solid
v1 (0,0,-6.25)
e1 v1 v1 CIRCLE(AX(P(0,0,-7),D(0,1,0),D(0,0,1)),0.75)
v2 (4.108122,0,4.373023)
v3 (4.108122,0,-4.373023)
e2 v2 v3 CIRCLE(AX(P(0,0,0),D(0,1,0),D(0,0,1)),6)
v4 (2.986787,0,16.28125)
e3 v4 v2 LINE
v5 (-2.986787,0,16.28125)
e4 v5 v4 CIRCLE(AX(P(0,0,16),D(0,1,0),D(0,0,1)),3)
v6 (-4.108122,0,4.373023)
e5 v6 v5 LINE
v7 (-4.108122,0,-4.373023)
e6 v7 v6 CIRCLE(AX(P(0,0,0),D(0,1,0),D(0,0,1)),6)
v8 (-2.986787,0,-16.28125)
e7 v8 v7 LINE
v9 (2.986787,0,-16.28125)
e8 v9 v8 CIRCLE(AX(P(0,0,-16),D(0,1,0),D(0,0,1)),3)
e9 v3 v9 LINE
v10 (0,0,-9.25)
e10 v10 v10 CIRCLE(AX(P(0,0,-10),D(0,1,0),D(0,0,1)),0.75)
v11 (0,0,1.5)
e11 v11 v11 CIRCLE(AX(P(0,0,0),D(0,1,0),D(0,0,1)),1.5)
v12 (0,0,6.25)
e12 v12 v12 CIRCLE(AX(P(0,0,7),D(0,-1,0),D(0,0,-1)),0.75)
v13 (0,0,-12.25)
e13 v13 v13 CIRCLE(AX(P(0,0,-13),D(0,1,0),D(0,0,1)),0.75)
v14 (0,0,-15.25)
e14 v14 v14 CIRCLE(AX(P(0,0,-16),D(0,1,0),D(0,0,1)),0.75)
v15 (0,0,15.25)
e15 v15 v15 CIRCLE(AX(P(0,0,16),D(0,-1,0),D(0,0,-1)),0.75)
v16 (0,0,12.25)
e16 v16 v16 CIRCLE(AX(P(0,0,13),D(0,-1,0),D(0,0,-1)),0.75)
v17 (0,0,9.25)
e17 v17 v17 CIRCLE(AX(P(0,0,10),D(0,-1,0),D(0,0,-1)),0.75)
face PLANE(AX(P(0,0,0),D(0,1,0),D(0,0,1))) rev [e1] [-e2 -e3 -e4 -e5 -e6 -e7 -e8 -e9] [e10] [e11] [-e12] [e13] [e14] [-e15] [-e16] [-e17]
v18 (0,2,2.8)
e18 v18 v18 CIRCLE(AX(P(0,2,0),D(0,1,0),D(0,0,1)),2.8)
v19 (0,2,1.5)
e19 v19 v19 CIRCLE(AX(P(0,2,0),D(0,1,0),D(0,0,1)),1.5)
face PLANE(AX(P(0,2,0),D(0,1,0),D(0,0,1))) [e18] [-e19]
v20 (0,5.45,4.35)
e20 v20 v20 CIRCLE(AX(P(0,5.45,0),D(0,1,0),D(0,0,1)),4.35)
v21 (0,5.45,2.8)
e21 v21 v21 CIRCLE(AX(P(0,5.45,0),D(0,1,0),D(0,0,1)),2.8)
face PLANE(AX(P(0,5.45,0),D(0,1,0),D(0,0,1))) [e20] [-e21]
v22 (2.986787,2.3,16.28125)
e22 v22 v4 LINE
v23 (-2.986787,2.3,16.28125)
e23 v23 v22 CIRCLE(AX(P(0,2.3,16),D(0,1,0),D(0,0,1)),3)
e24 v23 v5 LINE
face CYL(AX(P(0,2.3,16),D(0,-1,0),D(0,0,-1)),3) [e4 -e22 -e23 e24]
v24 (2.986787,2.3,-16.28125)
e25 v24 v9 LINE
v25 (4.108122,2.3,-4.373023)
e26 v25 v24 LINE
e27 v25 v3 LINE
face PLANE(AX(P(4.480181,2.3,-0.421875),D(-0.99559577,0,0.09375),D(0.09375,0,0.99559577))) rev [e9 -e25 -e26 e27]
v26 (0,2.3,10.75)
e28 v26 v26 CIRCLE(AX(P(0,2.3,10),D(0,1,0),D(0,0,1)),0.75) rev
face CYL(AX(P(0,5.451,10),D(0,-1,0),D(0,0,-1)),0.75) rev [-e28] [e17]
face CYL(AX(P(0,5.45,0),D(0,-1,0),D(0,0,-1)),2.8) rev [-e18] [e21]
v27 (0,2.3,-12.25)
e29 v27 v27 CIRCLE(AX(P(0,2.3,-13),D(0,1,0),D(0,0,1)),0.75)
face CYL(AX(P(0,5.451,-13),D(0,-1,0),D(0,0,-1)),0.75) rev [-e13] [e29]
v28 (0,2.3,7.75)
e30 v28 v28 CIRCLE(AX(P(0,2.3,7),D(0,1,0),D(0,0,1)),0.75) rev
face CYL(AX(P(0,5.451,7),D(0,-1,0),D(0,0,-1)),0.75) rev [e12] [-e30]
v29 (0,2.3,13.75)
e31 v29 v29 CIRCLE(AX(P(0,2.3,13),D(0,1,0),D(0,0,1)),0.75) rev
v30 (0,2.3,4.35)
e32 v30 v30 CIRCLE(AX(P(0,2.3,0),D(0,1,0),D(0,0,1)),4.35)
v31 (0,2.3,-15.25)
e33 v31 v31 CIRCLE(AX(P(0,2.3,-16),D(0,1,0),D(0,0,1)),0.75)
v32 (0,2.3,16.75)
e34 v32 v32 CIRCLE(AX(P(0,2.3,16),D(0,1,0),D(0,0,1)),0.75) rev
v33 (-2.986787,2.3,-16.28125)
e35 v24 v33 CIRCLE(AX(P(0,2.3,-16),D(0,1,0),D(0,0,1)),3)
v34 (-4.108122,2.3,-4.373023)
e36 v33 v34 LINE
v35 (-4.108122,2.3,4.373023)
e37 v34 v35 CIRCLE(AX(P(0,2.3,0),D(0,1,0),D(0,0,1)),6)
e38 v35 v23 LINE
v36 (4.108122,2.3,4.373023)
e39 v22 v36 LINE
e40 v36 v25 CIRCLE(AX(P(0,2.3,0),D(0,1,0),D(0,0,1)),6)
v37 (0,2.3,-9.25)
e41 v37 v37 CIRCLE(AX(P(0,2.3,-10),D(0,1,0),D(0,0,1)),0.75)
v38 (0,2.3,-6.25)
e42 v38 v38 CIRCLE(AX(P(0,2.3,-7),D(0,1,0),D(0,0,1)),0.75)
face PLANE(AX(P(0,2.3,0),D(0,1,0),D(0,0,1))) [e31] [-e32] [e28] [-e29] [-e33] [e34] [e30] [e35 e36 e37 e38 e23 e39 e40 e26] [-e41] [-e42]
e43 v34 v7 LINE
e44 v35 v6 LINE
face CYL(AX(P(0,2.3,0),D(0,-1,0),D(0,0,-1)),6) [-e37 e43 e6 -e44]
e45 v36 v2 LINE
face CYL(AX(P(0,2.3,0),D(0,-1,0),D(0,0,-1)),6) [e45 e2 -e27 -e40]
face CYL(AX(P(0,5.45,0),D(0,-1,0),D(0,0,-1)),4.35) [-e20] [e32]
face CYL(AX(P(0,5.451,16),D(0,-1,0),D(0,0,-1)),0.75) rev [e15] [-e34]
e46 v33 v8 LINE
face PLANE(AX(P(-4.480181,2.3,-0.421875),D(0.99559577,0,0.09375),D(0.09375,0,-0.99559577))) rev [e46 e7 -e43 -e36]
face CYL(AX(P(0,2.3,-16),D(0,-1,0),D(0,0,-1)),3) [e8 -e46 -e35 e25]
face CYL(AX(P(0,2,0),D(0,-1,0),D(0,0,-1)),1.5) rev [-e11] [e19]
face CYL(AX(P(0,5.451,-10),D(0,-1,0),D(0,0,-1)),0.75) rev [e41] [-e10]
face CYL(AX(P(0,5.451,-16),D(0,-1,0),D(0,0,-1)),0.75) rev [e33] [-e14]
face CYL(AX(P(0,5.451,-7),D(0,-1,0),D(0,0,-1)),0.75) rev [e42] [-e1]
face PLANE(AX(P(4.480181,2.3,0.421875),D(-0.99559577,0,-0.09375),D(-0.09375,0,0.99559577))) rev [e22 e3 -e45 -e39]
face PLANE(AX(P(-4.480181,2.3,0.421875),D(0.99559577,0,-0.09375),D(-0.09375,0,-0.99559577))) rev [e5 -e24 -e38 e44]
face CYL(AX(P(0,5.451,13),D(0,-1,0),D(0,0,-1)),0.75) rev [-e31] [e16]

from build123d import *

# Parameters (mm, degrees)
SKETCH1_R               = 4.35
SKETCH1_R_2             = 2.8
BOSS_EXTRUDE1_DEPTH     = 5.45
SKETCH2_R               = 4.35
BOSS_EXTRUDE2_DEPTH     = 2.3
CUT_EXTRUDE2_REACH      = 22.657
SKETCH3_R               = 0.75
LPATTERN1_COUNT         = 4
LPATTERN1_PITCH         = 3
MIRROR1_COPY_1_REACH    = 22.657
MIRROR1_COPY_1_SKETCH_R = 0.75
MIRROR1_COPY_2_REACH    = 22.657
MIRROR1_COPY_2_SKETCH_R = 0.75
MIRROR1_COPY_3_REACH    = 22.657
MIRROR1_COPY_3_SKETCH_R = 0.75
SKETCH5_R               = 2.8
SKETCH5_R_2             = 1.5
BOSS_EXTRUDE3_DEPTH     = 2


with BuildPart() as part:
    # Sketch1 → Boss-Extrude1 (new body)
    with BuildSketch(Plane(origin=(0, 0, 0), x_dir=(1, 0, 0), z_dir=(0, 1, 0))):
        with Locations(Location((0, 0, 0), (0, 0, 270))):
            Circle(SKETCH1_R)
        with Locations(Location((0, 0, 0), (0, 0, 270))):
            Circle(SKETCH1_R_2, mode=Mode.SUBTRACT)
    extrude(amount=BOSS_EXTRUDE1_DEPTH)

    # Sketch2 → Boss-Extrude2 (add)
    with BuildSketch(Plane(origin=(0, 0, 0), x_dir=(1, 0, 0), z_dir=(0, 1, 0))):
        with BuildLine():
            ThreePointArc((2.98678731, 16.28125), (0, 19), (-2.98678731, 16.28125))
            Line((-2.98678731, 16.28125), (-4.108122187, 4.373023221))
            ThreePointArc((-4.108122187, 4.373023221), (-6, 0), (-4.108122187, -4.373023221))
            Line((-4.108122187, -4.373023221), (-2.98678731, -16.28125))
            ThreePointArc((-2.98678731, -16.28125), (0, -19), (2.98678731, -16.28125))
            Line((2.98678731, -16.28125), (4.108122187, -4.373023221))
            ThreePointArc((4.108122187, -4.373023221), (6, 0), (4.108122187, 4.373023221))
            Line((4.108122187, 4.373023221), (2.98678731, 16.28125))
        make_face()
        with Locations(Location((0, 0, 0), (0, 0, 270))):
            Circle(SKETCH2_R, mode=Mode.SUBTRACT)
    extrude(amount=BOSS_EXTRUDE2_DEPTH)

    # Sketch3 → Cut-Extrude2 (cut, up to next)
    with BuildSketch(Plane(origin=(0, 0, 0), x_dir=(1, 0, 0), z_dir=(0, 1, 0)), mode=Mode.PRIVATE) as cut_extrude2_sk1:
        with Locations(Location((0, 7, 0), (0, 0, 270))):
            Circle(SKETCH3_R)
    cut_extrude2_tool1 = extrude(cut_extrude2_sk1.sketch, amount=CUT_EXTRUDE2_REACH, mode=Mode.PRIVATE) & part.part
    cut_extrude2 = cut_extrude2_tool1.solids().sort_by_distance((0, 0, -7))[0]
    add(cut_extrude2, mode=Mode.SUBTRACT)

    # LPattern1: Cut-Extrude2 ×4
    with Locations(*[(0, 0, -i * LPATTERN1_PITCH) for i in range(1, LPATTERN1_COUNT)]):
        add(cut_extrude2, mode=Mode.SUBTRACT)

    # Mirror1: Cut-Extrude2 across plane
    add(cut_extrude2.mirror(Plane.XY), mode=Mode.SUBTRACT)

    # Mirror1 copy 1 sketch → Mirror1 copy 1 (cut, up to next)
    with BuildSketch(Plane(origin=(0, 0, 3), x_dir=(1, 0, 0), z_dir=(0, 1, 0)), mode=Mode.PRIVATE) as mirror1_copy_1_sk1:
        with Locations((0, -7)):
            Circle(MIRROR1_COPY_1_SKETCH_R)
    mirror1_copy_1_tool1 = extrude(mirror1_copy_1_sk1.sketch, amount=MIRROR1_COPY_1_REACH, mode=Mode.PRIVATE) & part.part
    add(mirror1_copy_1_tool1.solids().sort_by_distance((0, 0, 10))[0], mode=Mode.SUBTRACT)

    # Mirror1 copy 2 sketch → Mirror1 copy 2 (cut, up to next)
    with BuildSketch(Plane(origin=(0, 0, 6), x_dir=(1, 0, 0), z_dir=(0, 1, 0)), mode=Mode.PRIVATE) as mirror1_copy_2_sk1:
        with Locations((0, -7)):
            Circle(MIRROR1_COPY_2_SKETCH_R)
    mirror1_copy_2_tool1 = extrude(mirror1_copy_2_sk1.sketch, amount=MIRROR1_COPY_2_REACH, mode=Mode.PRIVATE) & part.part
    add(mirror1_copy_2_tool1.solids().sort_by_distance((0, 0, 13))[0], mode=Mode.SUBTRACT)

    # Mirror1 copy 3 sketch → Mirror1 copy 3 (cut, up to next)
    with BuildSketch(Plane(origin=(0, 0, 9), x_dir=(1, 0, 0), z_dir=(0, 1, 0)), mode=Mode.PRIVATE) as mirror1_copy_3_sk1:
        with Locations((0, -7)):
            Circle(MIRROR1_COPY_3_SKETCH_R)
    mirror1_copy_3_tool1 = extrude(mirror1_copy_3_sk1.sketch, amount=MIRROR1_COPY_3_REACH, mode=Mode.PRIVATE) & part.part
    add(mirror1_copy_3_tool1.solids().sort_by_distance((0, 0, 16))[0], mode=Mode.SUBTRACT)

    # Sketch5 → Boss-Extrude3 (add)
    with BuildSketch(Plane(origin=(0, 0, 0), x_dir=(1, 0, 0), z_dir=(0, 1, 0))):
        with Locations(Location((0, 0, 0), (0, 0, 270))):
            Circle(SKETCH5_R)
        with Locations(Location((0, 0, 0), (0, 0, 270))):
            Circle(SKETCH5_R_2, mode=Mode.SUBTRACT)
    extrude(amount=BOSS_EXTRUDE3_DEPTH)


solid = part.part
